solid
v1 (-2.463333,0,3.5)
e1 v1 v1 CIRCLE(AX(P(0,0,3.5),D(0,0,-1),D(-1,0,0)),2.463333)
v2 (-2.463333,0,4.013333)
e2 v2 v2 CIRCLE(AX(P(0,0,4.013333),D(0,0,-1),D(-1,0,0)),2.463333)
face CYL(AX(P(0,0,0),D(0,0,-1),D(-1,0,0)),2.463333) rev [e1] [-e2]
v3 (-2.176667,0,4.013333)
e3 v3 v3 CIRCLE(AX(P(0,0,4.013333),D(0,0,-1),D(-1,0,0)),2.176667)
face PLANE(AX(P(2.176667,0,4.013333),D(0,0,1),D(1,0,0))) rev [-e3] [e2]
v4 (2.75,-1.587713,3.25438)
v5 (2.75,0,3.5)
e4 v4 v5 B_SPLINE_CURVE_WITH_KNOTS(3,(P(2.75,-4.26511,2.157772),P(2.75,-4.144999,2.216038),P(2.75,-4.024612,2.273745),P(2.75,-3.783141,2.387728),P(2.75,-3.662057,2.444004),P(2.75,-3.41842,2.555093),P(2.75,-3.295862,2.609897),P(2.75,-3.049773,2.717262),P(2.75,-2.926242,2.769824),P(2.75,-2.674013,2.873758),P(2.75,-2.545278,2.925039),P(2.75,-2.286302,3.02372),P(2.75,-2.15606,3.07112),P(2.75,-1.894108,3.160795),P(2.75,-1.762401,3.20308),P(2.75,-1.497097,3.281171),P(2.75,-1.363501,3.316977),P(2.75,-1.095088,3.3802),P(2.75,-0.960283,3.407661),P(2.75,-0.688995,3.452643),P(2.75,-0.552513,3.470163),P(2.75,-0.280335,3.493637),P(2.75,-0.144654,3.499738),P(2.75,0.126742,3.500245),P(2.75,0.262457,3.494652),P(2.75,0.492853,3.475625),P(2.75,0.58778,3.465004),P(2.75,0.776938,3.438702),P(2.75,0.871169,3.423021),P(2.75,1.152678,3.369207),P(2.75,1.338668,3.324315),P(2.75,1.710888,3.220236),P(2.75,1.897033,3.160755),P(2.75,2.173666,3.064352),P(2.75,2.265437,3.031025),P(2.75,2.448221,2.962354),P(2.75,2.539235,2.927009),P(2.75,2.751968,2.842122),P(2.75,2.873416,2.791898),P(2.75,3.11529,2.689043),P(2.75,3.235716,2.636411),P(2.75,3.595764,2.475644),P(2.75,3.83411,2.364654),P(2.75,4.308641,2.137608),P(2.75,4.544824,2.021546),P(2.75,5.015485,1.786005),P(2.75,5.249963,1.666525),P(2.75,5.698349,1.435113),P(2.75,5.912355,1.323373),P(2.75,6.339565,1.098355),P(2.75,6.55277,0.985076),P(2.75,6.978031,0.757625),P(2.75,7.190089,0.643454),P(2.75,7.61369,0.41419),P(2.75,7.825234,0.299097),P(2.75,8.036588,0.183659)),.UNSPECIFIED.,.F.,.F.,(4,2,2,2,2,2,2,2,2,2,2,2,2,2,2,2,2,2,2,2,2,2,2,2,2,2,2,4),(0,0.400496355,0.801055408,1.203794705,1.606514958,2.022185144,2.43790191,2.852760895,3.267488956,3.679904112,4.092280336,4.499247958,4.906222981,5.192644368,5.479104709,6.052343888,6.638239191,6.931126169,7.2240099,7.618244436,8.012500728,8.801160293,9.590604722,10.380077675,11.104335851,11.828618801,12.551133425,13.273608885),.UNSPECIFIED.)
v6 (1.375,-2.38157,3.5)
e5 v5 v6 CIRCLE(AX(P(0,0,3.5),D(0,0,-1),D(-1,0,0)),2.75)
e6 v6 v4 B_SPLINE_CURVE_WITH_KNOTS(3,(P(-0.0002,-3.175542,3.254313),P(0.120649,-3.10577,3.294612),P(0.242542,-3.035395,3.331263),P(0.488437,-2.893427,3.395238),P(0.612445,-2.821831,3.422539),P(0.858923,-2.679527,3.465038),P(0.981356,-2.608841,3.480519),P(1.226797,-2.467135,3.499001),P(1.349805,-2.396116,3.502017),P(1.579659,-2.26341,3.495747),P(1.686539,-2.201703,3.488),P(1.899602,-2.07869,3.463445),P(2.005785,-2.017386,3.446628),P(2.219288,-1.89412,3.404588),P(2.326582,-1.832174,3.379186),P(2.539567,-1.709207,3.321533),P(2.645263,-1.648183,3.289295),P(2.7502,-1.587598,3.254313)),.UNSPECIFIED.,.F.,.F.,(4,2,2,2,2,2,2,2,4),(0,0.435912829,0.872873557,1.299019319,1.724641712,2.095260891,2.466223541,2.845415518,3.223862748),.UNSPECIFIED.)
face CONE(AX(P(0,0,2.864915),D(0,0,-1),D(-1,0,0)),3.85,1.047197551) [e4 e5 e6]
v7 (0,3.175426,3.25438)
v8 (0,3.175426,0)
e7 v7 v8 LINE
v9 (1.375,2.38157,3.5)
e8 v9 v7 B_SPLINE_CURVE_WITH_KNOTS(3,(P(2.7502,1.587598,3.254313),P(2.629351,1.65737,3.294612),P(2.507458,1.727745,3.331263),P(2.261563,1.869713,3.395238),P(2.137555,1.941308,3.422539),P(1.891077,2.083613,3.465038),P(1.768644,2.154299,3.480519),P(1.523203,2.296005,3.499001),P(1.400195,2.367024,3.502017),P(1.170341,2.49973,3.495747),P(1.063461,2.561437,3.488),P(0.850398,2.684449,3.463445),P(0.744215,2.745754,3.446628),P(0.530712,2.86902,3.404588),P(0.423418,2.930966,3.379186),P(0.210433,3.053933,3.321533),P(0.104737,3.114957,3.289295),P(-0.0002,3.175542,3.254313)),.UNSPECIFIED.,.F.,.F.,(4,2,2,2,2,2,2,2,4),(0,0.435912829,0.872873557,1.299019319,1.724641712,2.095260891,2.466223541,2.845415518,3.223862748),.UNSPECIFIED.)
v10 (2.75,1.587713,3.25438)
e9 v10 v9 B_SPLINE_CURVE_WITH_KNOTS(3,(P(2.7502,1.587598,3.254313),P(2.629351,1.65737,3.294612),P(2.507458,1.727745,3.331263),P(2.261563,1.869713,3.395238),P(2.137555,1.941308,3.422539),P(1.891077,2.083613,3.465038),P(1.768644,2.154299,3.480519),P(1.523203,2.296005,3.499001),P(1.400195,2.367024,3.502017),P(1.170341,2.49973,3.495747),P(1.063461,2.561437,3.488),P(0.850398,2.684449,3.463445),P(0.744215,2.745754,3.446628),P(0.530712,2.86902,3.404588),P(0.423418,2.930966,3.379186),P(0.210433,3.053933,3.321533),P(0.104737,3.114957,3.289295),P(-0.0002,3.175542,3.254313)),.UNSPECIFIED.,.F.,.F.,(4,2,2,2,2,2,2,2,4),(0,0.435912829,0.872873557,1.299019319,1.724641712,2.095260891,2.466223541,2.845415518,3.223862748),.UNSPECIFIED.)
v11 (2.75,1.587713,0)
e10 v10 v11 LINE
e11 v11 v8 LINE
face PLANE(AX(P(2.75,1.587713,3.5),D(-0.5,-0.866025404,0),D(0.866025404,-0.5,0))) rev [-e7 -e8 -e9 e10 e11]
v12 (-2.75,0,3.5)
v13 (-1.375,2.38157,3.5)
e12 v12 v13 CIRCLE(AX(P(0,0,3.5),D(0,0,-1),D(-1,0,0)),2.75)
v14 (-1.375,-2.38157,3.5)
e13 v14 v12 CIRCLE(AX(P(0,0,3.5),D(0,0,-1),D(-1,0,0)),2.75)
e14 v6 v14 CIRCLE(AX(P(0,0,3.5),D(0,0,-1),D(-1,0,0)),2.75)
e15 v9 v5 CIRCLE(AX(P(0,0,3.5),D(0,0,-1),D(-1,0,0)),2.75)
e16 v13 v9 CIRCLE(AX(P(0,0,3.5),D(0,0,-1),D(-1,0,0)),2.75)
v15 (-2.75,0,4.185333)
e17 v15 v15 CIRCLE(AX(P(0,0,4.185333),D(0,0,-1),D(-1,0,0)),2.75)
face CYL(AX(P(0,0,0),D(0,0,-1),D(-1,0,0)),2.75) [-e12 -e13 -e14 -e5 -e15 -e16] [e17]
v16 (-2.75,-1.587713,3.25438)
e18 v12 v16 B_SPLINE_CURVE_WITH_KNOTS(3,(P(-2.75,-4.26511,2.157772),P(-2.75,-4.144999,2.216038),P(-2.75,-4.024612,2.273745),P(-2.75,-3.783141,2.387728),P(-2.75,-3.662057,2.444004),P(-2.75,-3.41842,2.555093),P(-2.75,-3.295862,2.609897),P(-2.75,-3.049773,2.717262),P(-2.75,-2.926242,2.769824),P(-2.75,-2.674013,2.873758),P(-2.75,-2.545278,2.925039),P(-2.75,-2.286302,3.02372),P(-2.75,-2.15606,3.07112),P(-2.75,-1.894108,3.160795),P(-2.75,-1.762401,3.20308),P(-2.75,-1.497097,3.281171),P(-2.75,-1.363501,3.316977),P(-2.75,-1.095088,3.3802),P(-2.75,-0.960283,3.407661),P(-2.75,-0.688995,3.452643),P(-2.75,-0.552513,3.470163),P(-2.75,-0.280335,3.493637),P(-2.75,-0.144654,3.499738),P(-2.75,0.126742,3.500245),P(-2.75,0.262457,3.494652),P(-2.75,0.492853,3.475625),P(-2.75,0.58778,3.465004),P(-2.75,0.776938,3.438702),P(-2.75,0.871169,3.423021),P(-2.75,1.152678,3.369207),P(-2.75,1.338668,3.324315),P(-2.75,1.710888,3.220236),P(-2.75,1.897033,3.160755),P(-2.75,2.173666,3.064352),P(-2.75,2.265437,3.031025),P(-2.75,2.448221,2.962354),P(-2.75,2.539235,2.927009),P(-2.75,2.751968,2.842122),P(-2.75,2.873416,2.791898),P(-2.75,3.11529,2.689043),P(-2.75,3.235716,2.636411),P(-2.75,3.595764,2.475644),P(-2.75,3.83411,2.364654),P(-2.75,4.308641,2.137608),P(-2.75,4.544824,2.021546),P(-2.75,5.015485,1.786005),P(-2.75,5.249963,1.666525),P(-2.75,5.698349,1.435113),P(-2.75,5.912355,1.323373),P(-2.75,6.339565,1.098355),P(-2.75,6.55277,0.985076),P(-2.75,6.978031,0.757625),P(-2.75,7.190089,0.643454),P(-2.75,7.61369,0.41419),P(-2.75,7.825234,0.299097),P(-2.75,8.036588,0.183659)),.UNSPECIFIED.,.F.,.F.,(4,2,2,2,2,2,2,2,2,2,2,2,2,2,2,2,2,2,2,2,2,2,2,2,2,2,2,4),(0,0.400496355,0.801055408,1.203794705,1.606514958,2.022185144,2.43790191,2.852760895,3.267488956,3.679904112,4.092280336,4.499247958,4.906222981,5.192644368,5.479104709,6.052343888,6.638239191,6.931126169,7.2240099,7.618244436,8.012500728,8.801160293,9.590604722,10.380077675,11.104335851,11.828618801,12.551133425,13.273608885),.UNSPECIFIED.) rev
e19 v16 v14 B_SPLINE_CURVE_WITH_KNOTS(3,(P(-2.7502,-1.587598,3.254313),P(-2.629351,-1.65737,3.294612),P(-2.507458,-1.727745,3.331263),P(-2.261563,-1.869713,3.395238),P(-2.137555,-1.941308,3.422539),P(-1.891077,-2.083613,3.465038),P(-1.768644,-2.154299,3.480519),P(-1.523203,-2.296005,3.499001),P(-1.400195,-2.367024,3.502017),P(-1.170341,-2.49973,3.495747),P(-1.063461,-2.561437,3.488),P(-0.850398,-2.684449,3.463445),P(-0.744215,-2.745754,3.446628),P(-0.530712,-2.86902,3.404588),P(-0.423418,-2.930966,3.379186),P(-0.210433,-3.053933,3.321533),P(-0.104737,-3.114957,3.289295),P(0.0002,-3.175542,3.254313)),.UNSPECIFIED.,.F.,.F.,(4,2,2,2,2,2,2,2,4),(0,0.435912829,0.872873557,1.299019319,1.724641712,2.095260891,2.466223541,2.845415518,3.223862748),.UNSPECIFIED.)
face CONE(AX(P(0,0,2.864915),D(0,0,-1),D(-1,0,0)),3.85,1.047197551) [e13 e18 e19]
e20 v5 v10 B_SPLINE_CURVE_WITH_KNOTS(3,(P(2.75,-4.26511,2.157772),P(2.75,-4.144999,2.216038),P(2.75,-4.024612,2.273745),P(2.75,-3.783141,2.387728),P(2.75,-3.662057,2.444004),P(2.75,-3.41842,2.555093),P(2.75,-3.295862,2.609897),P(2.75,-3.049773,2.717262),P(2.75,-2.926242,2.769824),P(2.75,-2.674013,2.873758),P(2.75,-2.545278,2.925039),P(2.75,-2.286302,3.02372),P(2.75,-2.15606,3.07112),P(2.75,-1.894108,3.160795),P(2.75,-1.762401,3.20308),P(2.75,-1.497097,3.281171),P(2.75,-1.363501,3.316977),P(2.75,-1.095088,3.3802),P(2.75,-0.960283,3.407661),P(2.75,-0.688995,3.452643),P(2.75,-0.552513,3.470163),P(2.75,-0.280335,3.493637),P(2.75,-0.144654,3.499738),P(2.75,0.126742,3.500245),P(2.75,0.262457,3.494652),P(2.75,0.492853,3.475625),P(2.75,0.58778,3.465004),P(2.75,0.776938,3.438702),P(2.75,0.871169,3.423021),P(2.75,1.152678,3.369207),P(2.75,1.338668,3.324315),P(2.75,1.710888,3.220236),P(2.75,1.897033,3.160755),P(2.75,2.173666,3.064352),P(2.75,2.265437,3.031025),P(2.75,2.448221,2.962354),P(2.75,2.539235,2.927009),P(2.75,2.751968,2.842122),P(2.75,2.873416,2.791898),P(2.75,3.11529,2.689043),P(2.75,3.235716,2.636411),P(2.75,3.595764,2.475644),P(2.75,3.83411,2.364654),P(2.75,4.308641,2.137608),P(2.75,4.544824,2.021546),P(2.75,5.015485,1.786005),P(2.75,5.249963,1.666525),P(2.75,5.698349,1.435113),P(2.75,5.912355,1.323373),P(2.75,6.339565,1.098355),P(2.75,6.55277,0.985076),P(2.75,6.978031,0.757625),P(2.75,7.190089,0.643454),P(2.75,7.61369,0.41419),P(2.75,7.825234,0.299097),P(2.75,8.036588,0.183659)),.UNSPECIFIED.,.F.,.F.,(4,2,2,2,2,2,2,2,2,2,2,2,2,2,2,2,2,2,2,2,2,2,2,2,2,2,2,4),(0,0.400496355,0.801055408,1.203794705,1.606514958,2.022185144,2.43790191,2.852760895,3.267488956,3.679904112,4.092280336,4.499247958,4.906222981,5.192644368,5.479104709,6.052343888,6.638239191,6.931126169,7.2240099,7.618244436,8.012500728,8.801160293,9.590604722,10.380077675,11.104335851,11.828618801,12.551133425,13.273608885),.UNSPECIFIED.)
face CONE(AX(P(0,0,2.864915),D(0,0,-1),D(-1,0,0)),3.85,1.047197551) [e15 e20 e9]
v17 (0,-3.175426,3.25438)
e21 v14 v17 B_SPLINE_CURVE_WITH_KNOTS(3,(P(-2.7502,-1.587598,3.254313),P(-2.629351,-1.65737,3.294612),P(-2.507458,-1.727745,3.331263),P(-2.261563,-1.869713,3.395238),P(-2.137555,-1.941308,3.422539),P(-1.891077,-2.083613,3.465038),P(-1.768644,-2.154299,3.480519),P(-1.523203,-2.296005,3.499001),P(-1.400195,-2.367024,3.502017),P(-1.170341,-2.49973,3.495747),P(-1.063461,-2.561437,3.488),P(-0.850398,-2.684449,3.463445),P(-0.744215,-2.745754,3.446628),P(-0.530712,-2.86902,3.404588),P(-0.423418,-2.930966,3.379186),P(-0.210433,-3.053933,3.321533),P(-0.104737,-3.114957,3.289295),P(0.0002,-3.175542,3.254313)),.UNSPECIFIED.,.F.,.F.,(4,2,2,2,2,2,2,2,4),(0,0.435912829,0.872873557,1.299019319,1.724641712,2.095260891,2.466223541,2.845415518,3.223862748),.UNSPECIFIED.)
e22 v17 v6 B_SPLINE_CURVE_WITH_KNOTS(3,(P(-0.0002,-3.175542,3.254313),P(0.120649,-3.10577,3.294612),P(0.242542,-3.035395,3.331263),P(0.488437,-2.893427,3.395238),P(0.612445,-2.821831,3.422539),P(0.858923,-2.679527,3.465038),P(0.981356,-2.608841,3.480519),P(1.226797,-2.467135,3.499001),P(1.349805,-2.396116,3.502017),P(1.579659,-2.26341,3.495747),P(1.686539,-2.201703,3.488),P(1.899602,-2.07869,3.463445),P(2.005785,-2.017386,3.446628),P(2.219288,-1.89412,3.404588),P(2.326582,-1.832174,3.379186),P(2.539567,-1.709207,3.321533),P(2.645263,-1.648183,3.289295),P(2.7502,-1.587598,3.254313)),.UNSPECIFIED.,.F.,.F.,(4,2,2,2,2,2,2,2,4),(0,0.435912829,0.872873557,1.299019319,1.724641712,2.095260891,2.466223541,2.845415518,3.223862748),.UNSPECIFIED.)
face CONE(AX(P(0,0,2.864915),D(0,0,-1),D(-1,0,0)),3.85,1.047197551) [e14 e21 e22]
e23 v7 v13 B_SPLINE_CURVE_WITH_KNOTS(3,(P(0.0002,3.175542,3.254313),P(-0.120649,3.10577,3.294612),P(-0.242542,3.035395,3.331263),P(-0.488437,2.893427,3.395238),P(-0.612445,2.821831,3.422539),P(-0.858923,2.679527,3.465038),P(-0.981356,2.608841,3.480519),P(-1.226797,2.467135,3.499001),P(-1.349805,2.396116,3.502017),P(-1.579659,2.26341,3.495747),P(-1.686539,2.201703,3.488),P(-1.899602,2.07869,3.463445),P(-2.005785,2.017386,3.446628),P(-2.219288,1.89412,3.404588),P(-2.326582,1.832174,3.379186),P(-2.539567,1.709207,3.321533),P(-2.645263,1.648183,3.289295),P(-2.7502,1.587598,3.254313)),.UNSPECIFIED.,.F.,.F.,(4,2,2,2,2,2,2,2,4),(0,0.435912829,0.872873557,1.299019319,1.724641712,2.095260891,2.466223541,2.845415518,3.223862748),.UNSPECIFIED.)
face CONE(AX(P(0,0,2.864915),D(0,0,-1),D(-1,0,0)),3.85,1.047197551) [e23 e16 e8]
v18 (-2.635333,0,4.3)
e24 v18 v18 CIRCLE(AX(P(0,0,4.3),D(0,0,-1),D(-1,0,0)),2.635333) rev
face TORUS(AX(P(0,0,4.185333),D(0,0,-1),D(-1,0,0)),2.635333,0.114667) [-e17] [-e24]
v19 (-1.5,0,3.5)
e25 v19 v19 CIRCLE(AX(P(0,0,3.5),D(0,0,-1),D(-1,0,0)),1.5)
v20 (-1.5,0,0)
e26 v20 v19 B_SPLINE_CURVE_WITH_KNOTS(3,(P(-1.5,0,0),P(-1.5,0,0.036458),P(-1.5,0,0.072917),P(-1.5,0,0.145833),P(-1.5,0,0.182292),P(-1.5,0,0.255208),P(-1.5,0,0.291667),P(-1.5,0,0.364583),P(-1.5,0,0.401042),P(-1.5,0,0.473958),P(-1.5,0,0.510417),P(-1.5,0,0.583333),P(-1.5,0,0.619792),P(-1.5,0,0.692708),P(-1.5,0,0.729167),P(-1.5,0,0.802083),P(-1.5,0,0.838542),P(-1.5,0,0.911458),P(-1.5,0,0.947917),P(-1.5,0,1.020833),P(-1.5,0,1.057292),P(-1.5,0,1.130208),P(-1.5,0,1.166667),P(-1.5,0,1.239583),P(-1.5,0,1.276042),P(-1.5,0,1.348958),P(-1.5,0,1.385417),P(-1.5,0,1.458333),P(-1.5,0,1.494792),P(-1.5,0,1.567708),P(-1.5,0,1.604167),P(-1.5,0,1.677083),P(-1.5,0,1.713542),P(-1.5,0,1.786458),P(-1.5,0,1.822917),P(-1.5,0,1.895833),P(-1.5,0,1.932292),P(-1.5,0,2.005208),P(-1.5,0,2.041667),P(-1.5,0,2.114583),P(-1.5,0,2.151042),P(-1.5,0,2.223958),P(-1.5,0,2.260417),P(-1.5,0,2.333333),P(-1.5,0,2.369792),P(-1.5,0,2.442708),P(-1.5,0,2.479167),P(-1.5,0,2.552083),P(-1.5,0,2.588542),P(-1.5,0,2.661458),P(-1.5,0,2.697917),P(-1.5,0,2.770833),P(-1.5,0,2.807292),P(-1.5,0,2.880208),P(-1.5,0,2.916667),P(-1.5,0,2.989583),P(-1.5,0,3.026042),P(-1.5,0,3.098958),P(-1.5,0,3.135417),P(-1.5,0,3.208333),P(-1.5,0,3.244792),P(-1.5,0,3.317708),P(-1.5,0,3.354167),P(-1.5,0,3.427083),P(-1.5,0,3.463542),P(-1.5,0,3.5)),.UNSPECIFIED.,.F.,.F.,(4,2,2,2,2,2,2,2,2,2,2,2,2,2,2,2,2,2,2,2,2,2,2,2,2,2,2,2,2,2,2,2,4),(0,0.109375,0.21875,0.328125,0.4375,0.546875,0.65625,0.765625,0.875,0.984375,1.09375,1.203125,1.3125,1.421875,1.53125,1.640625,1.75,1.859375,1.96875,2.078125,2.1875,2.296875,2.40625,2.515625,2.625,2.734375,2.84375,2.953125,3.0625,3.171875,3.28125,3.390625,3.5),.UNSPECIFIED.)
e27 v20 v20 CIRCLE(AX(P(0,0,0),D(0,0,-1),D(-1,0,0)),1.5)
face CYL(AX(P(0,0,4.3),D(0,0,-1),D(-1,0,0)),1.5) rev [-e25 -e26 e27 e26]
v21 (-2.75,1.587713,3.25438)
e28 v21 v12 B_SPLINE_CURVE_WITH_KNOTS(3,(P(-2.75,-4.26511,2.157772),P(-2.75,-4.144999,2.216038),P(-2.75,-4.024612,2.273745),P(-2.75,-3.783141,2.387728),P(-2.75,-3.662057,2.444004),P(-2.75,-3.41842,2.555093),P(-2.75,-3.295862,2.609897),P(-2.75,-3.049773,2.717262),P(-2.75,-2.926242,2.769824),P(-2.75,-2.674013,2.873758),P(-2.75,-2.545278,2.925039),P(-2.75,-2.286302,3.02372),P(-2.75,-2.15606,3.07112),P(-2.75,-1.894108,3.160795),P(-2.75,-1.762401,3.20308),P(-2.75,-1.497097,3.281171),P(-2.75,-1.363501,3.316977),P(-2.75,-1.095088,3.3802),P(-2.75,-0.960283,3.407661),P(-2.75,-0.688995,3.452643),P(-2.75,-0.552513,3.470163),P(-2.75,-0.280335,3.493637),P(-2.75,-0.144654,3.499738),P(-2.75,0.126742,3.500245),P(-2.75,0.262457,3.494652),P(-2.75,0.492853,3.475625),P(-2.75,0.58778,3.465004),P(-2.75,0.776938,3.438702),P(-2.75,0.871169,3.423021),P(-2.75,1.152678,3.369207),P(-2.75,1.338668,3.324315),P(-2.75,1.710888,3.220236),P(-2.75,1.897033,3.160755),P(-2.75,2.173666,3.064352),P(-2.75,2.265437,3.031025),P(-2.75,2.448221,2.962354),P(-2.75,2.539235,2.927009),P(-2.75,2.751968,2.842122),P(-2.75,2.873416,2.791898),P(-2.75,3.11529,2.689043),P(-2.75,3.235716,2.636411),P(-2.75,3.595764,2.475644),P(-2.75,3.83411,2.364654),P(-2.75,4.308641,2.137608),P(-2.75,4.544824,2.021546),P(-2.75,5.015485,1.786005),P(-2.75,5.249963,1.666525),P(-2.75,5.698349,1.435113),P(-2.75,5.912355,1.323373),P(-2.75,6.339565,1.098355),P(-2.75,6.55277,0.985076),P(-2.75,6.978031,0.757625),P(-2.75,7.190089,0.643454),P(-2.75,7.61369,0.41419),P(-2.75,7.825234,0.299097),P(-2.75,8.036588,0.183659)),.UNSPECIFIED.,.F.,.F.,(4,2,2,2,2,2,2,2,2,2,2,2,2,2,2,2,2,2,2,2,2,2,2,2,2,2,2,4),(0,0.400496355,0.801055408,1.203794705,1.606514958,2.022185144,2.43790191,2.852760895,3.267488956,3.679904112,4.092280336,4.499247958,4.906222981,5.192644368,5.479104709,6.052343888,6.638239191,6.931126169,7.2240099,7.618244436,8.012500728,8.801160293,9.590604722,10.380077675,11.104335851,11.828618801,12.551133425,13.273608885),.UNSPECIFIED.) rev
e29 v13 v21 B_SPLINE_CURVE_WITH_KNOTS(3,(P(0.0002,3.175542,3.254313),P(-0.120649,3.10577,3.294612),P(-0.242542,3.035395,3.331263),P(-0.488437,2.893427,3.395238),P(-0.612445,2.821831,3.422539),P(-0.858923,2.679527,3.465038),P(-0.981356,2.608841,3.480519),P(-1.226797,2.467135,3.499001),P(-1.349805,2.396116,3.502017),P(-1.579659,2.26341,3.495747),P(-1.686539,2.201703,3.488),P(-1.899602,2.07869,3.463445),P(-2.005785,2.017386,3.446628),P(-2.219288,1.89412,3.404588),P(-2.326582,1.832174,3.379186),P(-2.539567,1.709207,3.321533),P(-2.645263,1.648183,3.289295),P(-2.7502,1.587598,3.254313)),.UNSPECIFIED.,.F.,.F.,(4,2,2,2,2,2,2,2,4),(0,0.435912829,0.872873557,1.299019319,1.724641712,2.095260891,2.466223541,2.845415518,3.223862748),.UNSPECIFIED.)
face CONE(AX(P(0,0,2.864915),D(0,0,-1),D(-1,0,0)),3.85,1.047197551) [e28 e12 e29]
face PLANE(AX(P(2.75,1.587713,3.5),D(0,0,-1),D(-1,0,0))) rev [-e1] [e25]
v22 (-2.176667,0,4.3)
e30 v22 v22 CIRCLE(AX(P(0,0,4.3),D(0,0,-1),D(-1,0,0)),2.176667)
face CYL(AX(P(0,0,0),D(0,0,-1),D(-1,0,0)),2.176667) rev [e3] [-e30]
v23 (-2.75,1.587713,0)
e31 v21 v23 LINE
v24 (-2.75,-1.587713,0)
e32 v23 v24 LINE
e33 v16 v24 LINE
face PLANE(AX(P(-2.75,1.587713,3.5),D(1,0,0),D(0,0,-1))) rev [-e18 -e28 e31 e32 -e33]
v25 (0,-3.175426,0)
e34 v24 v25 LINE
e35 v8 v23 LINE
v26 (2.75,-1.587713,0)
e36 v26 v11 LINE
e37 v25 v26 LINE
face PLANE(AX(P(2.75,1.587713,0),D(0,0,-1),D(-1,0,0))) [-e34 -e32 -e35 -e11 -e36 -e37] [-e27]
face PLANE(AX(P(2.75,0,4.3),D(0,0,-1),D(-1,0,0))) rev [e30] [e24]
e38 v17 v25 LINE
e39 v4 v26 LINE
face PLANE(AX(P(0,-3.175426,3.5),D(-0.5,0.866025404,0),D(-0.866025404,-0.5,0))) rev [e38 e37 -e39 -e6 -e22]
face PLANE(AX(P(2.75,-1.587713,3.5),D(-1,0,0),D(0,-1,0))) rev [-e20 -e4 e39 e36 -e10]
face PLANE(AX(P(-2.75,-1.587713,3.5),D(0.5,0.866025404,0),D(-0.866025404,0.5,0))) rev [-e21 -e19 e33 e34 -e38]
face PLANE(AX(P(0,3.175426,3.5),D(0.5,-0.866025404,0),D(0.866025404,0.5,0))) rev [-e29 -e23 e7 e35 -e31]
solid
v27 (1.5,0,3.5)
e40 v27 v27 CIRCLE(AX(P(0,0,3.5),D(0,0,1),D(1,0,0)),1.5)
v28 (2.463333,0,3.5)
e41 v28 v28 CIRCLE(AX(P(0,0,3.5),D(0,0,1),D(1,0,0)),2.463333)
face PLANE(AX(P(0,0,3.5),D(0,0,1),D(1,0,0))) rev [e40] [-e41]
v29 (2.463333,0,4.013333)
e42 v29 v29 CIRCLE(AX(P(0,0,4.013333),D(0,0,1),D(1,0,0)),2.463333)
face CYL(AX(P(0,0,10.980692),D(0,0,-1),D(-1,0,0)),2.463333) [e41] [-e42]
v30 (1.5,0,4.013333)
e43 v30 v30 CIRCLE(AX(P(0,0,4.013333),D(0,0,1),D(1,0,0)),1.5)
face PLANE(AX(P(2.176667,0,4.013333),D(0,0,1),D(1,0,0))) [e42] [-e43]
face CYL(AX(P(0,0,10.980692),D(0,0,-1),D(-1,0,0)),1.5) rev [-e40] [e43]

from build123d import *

# Parameters (mm, degrees)
EXTRUDE1_DEPTH     = 3.5
SKETCH5_R          = 2.463333333
SKETCH5_R_2        = 1.5
EXTRUDE2_DEPTH     = 0.513333333
SKETCH4_R          = 1.5
CUT_EXTRUDE1_DEPTH = 7.011308787
FILLET2_R          = 0.114666667


with BuildPart() as part:
    # Sketch1 → Extrude1 (new body)
    with BuildSketch(Plane.XY):
        Polygon((0, 3.175426481), (-2.75, 1.58771324), (-2.75, -1.58771324), (0, -3.175426481), (2.75, -1.58771324), (2.75, 1.58771324), align=None)
    extrude(amount=EXTRUDE1_DEPTH)

    # Sketch2 → Cut-Revolve1 (revolve, cut)
    with BuildSketch(Plane(origin=(0, 0, 0), x_dir=(1, 0, 0), z_dir=(0, 1, 0))):
        Polygon((2.75, -3.5), (3.85, -3.5), (3.85, -2.864914704), align=None)
    revolve(axis=Axis((0, 0, 0), (0, 0, 1)), mode=Mode.SUBTRACT)

    # Sketch3 → Revolve1 (revolve)
    with BuildSketch(Plane(origin=(0, 0, 0), x_dir=(1, 0, 0), z_dir=(0, 1, 0)), mode=Mode.PRIVATE) as revolve1_sk:
        Polygon((2.75, -3.5), (2.75, -4.3), (2.176666667, -4.3), (2.176666667, -4.013333333), (2.463333333, -4.013333333), (2.463333333, -3.5), align=None)
    revolve(revolve1_sk.sketch.rotate(Axis((0, 0, 0), (0, 0, 1)), 180), axis=Axis((0, 0, 0), (0, 0, 1)))

    # Sketch4 → Cut-Extrude1 (cut, through all)
    with BuildSketch(Plane(origin=(0, 0, 0), x_dir=(-1, 0, 0), z_dir=(0, 0, -1))):
        with Locations(Location((0, 0, 0), (0, 0, 180))):
            Circle(SKETCH4_R)
    extrude(amount=-CUT_EXTRUDE1_DEPTH, mode=Mode.SUBTRACT)

    # Fillet2
    fillet2_edges = [part.edges().sort_by_distance(p)[0] for p in [
        (2.75, 0, 4.3),
    ]]
    fillet(fillet2_edges, radius=FILLET2_R)


with BuildPart() as body_2:
    # Sketch5 → Extrude2 (new body)
    with BuildSketch(Plane.XY.offset(3.5)):
        Circle(SKETCH5_R)
        Circle(SKETCH5_R_2, mode=Mode.SUBTRACT)
    extrude(amount=EXTRUDE2_DEPTH)


solid = Compound([part.part, body_2.part])
